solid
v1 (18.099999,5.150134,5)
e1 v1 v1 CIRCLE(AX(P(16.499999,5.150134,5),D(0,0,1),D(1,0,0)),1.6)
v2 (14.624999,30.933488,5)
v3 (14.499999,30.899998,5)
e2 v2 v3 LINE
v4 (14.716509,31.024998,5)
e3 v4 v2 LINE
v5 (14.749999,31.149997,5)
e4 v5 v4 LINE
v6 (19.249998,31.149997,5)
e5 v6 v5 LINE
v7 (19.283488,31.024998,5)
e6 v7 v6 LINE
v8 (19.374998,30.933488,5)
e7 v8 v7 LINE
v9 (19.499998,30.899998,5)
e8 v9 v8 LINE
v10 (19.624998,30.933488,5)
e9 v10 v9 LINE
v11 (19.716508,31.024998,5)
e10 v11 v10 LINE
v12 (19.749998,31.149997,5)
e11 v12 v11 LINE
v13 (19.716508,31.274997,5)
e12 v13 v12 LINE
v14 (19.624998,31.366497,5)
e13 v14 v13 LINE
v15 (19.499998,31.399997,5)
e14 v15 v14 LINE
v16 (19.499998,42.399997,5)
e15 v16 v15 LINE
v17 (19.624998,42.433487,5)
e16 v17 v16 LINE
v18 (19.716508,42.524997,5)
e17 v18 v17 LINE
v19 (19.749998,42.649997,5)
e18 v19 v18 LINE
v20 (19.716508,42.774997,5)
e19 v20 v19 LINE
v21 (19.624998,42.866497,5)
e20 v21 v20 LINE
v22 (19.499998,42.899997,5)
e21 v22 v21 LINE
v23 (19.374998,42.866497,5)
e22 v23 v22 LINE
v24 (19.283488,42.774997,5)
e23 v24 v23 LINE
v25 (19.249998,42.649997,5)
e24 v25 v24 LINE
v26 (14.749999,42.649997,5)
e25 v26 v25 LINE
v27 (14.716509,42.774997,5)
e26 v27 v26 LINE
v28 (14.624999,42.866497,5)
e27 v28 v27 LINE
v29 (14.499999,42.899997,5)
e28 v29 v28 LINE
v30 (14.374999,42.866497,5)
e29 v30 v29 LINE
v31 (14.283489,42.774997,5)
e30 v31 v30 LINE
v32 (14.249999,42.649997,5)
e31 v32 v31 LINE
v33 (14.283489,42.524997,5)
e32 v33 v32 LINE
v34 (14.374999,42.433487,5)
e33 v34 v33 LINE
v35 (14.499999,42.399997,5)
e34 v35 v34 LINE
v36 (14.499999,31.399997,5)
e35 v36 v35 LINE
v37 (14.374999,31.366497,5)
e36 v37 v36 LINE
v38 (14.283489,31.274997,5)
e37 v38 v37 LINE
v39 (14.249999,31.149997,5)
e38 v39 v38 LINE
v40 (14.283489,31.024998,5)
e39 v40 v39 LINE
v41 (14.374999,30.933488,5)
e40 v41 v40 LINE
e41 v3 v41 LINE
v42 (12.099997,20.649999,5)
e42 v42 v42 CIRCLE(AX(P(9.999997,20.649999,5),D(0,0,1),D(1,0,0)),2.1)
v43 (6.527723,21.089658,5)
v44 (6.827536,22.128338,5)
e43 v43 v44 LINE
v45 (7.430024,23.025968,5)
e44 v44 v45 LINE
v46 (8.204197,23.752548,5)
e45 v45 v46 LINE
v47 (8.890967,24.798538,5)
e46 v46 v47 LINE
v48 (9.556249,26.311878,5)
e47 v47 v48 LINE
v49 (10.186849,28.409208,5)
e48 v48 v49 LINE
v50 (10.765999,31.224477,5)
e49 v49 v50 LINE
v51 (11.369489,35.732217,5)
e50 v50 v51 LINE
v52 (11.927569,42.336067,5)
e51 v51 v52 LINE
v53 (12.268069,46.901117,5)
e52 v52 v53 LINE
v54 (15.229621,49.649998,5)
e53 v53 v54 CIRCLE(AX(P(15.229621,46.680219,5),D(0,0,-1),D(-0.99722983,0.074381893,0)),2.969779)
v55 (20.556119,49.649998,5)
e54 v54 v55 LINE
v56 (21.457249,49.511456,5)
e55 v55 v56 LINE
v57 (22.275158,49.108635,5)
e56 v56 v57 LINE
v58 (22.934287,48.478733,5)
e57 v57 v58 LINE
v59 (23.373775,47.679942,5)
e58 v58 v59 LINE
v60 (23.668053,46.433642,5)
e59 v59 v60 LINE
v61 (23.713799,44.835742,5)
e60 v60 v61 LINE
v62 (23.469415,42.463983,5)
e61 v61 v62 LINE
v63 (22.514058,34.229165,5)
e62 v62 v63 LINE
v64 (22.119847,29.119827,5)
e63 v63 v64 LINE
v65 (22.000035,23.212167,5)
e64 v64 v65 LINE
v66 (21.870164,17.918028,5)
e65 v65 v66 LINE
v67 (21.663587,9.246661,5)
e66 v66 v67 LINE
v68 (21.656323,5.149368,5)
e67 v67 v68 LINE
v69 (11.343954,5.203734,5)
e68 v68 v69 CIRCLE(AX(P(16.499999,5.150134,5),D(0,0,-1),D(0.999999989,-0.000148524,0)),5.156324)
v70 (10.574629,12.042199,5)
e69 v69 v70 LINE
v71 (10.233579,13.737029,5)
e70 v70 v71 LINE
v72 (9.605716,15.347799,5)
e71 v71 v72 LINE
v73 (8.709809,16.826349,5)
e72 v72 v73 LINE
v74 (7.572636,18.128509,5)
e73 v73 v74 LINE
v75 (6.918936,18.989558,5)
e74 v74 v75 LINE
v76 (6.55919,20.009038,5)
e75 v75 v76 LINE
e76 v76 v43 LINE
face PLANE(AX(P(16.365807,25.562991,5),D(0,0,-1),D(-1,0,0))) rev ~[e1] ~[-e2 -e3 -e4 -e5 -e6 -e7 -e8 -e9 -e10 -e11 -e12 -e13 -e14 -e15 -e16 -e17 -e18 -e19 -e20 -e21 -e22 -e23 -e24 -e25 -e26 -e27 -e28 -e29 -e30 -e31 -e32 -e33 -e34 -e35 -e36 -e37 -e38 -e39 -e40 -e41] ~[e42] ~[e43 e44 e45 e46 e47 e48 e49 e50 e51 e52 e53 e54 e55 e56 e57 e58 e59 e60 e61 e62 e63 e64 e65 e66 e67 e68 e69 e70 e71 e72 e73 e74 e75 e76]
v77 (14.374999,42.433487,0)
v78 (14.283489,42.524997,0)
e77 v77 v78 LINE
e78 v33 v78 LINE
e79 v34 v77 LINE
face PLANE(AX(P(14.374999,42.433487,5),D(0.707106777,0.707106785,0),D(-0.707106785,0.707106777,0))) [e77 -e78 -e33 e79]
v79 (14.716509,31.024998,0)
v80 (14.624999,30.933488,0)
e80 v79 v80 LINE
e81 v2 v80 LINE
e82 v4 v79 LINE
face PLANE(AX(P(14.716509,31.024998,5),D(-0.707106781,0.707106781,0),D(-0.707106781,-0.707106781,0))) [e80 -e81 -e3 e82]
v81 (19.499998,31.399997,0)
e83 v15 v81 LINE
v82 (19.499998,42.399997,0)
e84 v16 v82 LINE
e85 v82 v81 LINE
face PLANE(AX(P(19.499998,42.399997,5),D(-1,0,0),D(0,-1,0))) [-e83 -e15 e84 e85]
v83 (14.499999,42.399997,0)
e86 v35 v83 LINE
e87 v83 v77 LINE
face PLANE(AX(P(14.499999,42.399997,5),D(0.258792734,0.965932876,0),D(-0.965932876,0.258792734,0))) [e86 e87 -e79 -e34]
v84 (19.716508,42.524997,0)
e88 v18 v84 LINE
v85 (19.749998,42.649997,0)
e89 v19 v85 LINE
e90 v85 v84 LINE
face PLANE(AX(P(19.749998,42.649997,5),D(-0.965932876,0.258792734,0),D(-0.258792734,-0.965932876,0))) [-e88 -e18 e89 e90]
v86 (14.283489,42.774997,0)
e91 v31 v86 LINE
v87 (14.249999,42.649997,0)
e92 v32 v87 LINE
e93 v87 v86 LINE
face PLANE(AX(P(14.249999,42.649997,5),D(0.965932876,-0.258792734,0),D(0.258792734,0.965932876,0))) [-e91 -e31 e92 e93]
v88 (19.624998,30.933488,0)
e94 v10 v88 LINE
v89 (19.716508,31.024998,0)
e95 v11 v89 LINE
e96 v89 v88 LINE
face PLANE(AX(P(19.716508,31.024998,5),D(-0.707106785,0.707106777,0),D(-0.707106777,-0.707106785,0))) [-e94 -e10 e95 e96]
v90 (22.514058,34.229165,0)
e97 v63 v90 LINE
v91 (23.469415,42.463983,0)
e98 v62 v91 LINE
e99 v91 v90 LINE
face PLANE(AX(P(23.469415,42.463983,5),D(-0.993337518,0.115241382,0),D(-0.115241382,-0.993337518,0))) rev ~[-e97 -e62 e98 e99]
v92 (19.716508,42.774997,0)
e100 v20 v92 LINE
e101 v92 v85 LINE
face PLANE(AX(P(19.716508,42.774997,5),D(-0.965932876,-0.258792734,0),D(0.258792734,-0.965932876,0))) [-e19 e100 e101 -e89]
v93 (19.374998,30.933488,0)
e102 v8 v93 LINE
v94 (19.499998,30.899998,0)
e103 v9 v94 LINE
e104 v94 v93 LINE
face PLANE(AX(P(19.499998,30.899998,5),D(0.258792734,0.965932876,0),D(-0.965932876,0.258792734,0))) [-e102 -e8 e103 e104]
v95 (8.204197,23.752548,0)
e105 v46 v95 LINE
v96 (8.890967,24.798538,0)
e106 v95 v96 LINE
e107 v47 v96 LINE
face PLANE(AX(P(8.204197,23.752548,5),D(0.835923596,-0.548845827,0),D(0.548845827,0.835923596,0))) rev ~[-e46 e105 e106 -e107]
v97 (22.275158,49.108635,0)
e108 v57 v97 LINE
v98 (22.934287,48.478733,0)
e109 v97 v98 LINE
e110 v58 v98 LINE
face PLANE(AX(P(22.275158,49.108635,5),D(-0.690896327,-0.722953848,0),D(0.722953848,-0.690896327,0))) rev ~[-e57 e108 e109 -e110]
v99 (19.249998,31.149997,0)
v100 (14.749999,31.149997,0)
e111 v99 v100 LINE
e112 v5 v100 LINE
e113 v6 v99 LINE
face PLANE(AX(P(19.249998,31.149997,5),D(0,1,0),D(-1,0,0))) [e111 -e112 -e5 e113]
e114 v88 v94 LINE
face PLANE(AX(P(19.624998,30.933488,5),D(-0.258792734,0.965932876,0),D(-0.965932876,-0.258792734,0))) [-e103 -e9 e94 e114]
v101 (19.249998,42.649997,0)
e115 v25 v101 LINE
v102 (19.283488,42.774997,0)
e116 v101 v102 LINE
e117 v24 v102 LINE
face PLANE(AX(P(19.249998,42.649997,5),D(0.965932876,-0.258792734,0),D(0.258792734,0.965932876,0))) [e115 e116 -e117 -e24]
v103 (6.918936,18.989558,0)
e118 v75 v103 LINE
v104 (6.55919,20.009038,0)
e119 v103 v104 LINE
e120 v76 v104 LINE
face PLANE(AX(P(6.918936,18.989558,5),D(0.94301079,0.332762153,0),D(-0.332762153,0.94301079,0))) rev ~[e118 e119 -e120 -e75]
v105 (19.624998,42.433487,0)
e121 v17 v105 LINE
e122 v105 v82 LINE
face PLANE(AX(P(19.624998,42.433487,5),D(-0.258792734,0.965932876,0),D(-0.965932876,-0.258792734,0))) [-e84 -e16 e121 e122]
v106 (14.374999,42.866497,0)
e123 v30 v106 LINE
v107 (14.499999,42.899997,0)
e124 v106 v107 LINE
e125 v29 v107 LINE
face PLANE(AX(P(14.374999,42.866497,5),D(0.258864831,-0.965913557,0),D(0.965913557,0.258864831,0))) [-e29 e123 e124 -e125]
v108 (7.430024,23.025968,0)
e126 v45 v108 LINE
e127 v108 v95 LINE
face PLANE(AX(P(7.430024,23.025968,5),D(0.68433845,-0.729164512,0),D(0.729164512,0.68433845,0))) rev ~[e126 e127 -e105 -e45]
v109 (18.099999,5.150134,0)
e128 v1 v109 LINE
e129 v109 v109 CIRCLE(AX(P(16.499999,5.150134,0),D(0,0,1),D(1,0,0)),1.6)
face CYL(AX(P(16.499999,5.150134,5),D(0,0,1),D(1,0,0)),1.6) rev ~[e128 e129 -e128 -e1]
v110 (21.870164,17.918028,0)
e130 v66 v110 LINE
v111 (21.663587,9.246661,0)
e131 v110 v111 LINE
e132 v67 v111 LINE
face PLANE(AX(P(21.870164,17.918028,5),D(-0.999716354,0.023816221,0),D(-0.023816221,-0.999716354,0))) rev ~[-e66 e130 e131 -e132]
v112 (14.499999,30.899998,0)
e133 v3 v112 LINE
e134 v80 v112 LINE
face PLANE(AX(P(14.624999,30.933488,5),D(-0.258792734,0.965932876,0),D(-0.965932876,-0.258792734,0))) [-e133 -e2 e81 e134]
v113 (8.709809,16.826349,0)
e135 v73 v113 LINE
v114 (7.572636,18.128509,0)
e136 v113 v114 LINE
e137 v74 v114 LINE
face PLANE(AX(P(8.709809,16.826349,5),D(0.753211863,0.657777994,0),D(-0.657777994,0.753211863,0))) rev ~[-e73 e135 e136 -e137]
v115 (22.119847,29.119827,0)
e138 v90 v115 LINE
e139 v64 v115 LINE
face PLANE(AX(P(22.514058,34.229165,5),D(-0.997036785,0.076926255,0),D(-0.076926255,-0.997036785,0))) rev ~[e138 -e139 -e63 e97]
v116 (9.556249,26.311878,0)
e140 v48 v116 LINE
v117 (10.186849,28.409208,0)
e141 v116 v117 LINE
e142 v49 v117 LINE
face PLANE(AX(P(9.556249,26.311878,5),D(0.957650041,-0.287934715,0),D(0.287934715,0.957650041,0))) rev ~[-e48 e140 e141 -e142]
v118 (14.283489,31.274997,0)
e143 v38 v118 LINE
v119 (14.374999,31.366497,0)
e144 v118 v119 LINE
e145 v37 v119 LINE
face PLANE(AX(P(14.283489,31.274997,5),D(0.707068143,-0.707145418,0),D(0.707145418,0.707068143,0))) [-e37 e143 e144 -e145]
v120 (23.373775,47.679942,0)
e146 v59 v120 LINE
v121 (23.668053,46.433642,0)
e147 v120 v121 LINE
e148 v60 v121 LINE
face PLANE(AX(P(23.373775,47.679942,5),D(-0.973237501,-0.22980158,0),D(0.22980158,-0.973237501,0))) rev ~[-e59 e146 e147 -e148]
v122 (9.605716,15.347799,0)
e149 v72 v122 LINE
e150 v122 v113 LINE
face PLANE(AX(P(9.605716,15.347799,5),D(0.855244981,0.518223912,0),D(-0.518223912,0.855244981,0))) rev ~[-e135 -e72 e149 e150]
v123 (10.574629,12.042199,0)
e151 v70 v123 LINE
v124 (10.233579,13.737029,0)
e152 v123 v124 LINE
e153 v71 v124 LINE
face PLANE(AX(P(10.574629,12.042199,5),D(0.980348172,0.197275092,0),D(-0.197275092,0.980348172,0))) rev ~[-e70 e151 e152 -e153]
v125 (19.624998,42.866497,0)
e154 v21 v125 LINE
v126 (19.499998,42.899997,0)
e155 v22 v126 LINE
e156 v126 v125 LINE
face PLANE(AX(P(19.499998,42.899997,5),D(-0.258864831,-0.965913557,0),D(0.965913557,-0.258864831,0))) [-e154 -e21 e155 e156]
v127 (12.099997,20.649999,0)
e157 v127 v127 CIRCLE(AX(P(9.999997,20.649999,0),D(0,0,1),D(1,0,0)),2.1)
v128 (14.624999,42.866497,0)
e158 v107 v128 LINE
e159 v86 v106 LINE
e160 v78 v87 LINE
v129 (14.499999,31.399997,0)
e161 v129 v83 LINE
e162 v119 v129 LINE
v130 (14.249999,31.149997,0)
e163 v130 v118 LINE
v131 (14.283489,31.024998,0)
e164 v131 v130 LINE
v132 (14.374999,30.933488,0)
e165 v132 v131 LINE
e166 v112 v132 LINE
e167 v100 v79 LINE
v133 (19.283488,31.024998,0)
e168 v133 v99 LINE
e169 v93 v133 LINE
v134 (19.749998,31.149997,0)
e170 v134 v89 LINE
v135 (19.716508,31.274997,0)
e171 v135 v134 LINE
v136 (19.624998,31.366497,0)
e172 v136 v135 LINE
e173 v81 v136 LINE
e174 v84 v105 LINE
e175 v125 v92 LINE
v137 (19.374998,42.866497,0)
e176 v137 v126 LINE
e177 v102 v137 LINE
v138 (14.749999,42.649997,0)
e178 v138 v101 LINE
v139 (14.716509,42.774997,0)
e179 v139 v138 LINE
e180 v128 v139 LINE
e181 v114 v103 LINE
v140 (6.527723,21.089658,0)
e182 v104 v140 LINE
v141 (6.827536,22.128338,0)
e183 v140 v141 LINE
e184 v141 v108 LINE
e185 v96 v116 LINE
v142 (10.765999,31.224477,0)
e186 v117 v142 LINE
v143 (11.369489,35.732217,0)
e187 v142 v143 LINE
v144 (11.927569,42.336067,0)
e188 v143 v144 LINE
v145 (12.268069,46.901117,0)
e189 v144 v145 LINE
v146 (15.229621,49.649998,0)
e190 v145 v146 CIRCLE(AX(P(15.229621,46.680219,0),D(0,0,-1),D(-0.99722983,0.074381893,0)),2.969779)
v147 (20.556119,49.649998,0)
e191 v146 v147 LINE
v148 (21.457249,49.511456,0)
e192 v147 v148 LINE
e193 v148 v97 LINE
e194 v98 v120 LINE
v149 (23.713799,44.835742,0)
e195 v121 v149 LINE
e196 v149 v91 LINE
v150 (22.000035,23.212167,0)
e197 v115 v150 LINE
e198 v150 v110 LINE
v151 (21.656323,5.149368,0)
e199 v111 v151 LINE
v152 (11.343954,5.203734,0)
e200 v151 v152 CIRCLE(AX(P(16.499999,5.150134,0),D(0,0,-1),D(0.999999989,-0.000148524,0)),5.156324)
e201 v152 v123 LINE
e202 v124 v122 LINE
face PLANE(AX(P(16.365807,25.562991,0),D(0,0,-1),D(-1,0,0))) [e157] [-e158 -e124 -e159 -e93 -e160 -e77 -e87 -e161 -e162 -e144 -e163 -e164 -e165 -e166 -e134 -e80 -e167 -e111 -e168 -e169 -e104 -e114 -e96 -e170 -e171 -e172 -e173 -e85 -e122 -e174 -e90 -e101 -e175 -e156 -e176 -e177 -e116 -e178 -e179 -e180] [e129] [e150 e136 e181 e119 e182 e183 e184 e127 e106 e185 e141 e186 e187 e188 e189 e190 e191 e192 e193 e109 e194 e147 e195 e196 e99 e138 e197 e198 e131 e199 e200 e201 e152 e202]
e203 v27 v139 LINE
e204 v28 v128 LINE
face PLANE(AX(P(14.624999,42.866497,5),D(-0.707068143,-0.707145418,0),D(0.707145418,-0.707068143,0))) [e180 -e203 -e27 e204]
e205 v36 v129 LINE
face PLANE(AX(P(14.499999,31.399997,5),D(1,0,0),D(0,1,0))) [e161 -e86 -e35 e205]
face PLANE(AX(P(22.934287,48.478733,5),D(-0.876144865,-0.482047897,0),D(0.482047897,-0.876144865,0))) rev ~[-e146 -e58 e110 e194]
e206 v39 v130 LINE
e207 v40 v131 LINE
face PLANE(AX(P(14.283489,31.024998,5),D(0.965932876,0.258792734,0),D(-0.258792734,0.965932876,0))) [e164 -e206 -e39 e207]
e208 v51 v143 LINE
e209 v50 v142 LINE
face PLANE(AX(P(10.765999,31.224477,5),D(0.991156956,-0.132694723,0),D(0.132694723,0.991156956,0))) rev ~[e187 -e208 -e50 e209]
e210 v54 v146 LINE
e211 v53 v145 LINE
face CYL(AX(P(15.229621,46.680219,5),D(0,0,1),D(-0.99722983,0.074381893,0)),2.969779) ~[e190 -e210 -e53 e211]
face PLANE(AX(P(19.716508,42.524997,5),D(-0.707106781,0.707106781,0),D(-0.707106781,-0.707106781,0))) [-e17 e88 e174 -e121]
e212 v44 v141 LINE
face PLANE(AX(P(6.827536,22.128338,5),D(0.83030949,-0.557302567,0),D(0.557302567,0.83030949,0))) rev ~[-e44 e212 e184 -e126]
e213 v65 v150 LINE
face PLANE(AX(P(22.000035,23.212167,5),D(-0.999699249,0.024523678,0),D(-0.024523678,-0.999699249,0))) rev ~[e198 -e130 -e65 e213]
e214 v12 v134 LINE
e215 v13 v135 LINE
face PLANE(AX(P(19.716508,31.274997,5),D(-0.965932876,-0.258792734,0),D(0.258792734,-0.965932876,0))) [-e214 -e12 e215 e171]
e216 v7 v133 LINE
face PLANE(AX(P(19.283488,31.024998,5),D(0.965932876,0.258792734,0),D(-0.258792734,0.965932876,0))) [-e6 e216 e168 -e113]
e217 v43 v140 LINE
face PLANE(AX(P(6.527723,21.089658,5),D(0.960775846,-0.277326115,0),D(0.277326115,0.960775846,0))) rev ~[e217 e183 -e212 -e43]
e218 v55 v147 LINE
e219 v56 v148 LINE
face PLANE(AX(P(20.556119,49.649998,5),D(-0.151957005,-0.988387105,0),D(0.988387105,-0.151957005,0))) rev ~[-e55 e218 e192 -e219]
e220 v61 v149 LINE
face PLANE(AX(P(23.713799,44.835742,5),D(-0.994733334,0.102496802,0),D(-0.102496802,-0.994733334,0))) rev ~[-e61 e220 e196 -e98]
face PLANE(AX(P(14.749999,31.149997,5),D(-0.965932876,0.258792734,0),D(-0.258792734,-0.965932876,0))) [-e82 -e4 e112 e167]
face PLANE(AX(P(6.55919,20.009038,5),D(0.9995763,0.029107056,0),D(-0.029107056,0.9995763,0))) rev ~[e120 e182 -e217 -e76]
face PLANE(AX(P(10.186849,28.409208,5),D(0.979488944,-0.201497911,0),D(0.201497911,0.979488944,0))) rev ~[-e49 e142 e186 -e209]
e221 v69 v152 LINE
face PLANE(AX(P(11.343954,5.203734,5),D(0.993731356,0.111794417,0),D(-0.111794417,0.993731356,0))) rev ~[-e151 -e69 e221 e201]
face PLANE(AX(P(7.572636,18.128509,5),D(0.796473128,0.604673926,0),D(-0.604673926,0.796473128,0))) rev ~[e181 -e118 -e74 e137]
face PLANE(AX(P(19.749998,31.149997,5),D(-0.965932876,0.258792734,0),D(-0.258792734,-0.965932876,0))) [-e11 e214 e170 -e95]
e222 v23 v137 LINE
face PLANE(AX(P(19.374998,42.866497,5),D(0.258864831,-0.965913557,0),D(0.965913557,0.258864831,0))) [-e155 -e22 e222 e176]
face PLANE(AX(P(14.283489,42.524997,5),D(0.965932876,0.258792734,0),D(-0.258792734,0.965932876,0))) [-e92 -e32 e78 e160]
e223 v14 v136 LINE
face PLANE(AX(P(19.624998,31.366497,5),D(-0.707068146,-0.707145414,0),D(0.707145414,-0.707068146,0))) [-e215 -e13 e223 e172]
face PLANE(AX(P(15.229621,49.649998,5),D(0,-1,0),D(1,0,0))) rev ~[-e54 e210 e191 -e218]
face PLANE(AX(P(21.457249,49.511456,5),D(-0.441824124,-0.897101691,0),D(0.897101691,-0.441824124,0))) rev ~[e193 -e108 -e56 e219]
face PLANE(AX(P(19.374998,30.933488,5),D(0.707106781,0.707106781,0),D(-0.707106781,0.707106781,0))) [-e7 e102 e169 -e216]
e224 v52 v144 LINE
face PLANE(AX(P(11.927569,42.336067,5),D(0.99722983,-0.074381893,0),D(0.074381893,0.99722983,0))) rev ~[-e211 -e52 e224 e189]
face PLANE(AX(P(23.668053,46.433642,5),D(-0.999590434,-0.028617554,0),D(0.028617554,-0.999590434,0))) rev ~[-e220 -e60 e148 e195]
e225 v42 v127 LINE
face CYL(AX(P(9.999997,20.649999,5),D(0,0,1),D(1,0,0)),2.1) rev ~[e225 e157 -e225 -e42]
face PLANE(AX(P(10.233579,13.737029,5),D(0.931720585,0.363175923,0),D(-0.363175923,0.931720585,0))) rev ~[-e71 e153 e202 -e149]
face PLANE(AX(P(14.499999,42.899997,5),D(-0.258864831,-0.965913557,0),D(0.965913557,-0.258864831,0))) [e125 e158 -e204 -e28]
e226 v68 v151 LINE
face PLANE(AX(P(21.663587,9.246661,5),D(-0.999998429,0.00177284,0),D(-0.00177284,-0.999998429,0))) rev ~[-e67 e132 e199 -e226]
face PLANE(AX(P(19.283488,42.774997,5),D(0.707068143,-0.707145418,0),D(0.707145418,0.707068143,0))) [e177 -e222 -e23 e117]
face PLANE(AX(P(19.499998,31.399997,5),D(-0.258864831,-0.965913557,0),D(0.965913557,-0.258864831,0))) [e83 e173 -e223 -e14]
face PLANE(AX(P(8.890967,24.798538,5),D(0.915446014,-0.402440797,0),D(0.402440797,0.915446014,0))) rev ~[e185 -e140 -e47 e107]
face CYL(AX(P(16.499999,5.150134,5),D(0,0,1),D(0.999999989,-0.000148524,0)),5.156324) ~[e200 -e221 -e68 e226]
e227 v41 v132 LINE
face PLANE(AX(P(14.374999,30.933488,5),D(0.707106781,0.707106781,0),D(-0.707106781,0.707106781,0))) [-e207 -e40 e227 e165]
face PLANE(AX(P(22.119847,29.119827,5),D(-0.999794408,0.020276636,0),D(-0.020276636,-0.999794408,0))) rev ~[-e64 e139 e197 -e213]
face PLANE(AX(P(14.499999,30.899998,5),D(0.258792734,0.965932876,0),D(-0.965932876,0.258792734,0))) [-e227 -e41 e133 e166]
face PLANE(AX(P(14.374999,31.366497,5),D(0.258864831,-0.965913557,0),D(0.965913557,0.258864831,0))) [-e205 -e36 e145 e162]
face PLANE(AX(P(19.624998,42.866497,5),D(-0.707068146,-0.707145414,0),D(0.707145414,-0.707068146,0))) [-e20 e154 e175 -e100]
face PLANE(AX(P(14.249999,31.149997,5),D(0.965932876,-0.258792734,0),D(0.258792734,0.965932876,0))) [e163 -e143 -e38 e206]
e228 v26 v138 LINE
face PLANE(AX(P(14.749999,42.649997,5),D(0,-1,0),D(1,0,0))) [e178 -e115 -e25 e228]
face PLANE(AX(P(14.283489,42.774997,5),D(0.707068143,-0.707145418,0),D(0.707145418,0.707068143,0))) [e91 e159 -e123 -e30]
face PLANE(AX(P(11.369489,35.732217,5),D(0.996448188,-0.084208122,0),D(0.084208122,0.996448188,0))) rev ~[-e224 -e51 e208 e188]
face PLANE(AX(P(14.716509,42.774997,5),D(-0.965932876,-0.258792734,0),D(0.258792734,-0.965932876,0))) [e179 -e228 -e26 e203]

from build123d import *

# Parameters (mm, degrees)
ESQUISSE1_R        = 2.1
ESQUISSE1_R_2      = 1.6
BOSS_EXTRU_1_DEPTH = 5


with BuildPart() as part:
    # Esquisse1 → Boss.-Extru.1 (new body)
    with BuildSketch(Plane.XY.offset(5)):
        with BuildLine():
            Line((21.663586585, 9.246660578), (21.65632273, 5.149368071))
            ThreePointArc((21.65632273, 5.149368071), (16.472816032, -0.006118111), (11.343954037, 5.203733528))
            Line((11.343954037, 5.203733528), (10.574629149, 12.042199031))
            Line((10.574629149, 12.042199031), (10.233579176, 13.737028894))
            Line((10.233579176, 13.737028894), (9.605716227, 15.347798765))
            Line((9.605716227, 15.347798765), (8.709809299, 16.826348646))
            Line((8.709809299, 16.826348646), (7.572636391, 18.128508541))
            Line((7.572636391, 18.128508541), (6.918936443, 18.989558472))
            Line((6.918936443, 18.989558472), (6.559190472, 20.00903839))
            Line((6.559190472, 20.00903839), (6.527723475, 21.089658303))
            Line((6.527723475, 21.089658303), (6.827536451, 22.128338219))
            Line((6.827536451, 22.128338219), (7.430024402, 23.025968147))
            Line((7.430024402, 23.025968147), (8.20419734, 23.752548088))
            Line((8.20419734, 23.752548088), (8.890967284, 24.798538004))
            Line((8.890967284, 24.798538004), (9.556249231, 26.311877882))
            Line((9.556249231, 26.311877882), (10.18684918, 28.409207714))
            Line((10.18684918, 28.409207714), (10.765999134, 31.224477487))
            Line((10.765999134, 31.224477487), (11.369489085, 35.732217124))
            Line((11.369489085, 35.732217124), (11.92756904, 42.336066593))
            Line((11.92756904, 42.336066593), (12.268069386, 46.901117167))
            ThreePointArc((12.268069386, 46.901117167), (13.209278732, 48.85686853), (15.229621264, 49.649998078))
            Line((15.229621264, 49.649998078), (20.556119459, 49.649998078))
            Line((20.556119459, 49.649998078), (21.457249103, 49.511456244))
            Line((21.457249103, 49.511456244), (22.275158213, 49.108634602))
            Line((22.275158213, 49.108634602), (22.93428687, 48.478733303))
            Line((22.93428687, 48.478733303), (23.373775199, 47.679942467))
            Line((23.373775199, 47.679942467), (23.668052623, 46.433641965))
            Line((23.668052623, 46.433641965), (23.713799348, 44.835742))
            Line((23.713799348, 44.835742), (23.469414511, 42.463982691))
            Line((23.469414511, 42.463982691), (22.514057727, 34.22916531))
            Line((22.514057727, 34.22916531), (22.119847298, 29.119826528))
            Line((22.119847298, 29.119826528), (22.000035211, 23.212167249))
            Line((22.000035211, 23.212167249), (21.870164382, 17.918027941))
            Line((21.870164382, 17.918027941), (21.663586585, 9.246660578))
        make_face()
        with Locations((9.999996695, 20.649998987)):
            Circle(ESQUISSE1_R, mode=Mode.SUBTRACT)
        with Locations((16.499999118, 5.150133907)):
            Circle(ESQUISSE1_R_2, mode=Mode.SUBTRACT)
        Polygon((14.249998853, 42.649996567), (14.28348885, 42.774996557), (14.374998843, 42.86649655), (14.499998833, 42.899996547), (14.624998823, 42.86649655), (14.716508816, 42.774996557), (14.749998813, 42.649996567), (19.249998451, 42.649996567), (19.283488448, 42.774996557), (19.374998441, 42.86649655), (19.499998431, 42.899996547), (19.624998421, 42.86649655), (19.716508413, 42.774996557), (19.74999841, 42.649996567), (19.716508413, 42.524996577), (19.624998421, 42.433486585), (19.499998431, 42.399996588), (19.499998431, 31.399997473), (19.624998421, 31.366497476), (19.716508413, 31.274997483), (19.74999841, 31.149997493), (19.716508413, 31.024997503), (19.624998421, 30.93348751), (19.499998431, 30.899997513), (19.374998441, 30.93348751), (19.283488448, 31.024997503), (19.249998451, 31.149997493), (14.749998813, 31.149997493), (14.716508816, 31.024997503), (14.624998823, 30.93348751), (14.499998833, 30.899997513), (14.374998843, 30.93348751), (14.28348885, 31.024997503), (14.249998853, 31.149997493), (14.28348885, 31.274997483), (14.374998843, 31.366497476), (14.499998833, 31.399997473), (14.499998833, 42.399996588), (14.374998843, 42.433486585), (14.28348885, 42.524996577), align=None, mode=Mode.SUBTRACT)
    extrude(amount=-BOSS_EXTRU_1_DEPTH)


solid = part.part
